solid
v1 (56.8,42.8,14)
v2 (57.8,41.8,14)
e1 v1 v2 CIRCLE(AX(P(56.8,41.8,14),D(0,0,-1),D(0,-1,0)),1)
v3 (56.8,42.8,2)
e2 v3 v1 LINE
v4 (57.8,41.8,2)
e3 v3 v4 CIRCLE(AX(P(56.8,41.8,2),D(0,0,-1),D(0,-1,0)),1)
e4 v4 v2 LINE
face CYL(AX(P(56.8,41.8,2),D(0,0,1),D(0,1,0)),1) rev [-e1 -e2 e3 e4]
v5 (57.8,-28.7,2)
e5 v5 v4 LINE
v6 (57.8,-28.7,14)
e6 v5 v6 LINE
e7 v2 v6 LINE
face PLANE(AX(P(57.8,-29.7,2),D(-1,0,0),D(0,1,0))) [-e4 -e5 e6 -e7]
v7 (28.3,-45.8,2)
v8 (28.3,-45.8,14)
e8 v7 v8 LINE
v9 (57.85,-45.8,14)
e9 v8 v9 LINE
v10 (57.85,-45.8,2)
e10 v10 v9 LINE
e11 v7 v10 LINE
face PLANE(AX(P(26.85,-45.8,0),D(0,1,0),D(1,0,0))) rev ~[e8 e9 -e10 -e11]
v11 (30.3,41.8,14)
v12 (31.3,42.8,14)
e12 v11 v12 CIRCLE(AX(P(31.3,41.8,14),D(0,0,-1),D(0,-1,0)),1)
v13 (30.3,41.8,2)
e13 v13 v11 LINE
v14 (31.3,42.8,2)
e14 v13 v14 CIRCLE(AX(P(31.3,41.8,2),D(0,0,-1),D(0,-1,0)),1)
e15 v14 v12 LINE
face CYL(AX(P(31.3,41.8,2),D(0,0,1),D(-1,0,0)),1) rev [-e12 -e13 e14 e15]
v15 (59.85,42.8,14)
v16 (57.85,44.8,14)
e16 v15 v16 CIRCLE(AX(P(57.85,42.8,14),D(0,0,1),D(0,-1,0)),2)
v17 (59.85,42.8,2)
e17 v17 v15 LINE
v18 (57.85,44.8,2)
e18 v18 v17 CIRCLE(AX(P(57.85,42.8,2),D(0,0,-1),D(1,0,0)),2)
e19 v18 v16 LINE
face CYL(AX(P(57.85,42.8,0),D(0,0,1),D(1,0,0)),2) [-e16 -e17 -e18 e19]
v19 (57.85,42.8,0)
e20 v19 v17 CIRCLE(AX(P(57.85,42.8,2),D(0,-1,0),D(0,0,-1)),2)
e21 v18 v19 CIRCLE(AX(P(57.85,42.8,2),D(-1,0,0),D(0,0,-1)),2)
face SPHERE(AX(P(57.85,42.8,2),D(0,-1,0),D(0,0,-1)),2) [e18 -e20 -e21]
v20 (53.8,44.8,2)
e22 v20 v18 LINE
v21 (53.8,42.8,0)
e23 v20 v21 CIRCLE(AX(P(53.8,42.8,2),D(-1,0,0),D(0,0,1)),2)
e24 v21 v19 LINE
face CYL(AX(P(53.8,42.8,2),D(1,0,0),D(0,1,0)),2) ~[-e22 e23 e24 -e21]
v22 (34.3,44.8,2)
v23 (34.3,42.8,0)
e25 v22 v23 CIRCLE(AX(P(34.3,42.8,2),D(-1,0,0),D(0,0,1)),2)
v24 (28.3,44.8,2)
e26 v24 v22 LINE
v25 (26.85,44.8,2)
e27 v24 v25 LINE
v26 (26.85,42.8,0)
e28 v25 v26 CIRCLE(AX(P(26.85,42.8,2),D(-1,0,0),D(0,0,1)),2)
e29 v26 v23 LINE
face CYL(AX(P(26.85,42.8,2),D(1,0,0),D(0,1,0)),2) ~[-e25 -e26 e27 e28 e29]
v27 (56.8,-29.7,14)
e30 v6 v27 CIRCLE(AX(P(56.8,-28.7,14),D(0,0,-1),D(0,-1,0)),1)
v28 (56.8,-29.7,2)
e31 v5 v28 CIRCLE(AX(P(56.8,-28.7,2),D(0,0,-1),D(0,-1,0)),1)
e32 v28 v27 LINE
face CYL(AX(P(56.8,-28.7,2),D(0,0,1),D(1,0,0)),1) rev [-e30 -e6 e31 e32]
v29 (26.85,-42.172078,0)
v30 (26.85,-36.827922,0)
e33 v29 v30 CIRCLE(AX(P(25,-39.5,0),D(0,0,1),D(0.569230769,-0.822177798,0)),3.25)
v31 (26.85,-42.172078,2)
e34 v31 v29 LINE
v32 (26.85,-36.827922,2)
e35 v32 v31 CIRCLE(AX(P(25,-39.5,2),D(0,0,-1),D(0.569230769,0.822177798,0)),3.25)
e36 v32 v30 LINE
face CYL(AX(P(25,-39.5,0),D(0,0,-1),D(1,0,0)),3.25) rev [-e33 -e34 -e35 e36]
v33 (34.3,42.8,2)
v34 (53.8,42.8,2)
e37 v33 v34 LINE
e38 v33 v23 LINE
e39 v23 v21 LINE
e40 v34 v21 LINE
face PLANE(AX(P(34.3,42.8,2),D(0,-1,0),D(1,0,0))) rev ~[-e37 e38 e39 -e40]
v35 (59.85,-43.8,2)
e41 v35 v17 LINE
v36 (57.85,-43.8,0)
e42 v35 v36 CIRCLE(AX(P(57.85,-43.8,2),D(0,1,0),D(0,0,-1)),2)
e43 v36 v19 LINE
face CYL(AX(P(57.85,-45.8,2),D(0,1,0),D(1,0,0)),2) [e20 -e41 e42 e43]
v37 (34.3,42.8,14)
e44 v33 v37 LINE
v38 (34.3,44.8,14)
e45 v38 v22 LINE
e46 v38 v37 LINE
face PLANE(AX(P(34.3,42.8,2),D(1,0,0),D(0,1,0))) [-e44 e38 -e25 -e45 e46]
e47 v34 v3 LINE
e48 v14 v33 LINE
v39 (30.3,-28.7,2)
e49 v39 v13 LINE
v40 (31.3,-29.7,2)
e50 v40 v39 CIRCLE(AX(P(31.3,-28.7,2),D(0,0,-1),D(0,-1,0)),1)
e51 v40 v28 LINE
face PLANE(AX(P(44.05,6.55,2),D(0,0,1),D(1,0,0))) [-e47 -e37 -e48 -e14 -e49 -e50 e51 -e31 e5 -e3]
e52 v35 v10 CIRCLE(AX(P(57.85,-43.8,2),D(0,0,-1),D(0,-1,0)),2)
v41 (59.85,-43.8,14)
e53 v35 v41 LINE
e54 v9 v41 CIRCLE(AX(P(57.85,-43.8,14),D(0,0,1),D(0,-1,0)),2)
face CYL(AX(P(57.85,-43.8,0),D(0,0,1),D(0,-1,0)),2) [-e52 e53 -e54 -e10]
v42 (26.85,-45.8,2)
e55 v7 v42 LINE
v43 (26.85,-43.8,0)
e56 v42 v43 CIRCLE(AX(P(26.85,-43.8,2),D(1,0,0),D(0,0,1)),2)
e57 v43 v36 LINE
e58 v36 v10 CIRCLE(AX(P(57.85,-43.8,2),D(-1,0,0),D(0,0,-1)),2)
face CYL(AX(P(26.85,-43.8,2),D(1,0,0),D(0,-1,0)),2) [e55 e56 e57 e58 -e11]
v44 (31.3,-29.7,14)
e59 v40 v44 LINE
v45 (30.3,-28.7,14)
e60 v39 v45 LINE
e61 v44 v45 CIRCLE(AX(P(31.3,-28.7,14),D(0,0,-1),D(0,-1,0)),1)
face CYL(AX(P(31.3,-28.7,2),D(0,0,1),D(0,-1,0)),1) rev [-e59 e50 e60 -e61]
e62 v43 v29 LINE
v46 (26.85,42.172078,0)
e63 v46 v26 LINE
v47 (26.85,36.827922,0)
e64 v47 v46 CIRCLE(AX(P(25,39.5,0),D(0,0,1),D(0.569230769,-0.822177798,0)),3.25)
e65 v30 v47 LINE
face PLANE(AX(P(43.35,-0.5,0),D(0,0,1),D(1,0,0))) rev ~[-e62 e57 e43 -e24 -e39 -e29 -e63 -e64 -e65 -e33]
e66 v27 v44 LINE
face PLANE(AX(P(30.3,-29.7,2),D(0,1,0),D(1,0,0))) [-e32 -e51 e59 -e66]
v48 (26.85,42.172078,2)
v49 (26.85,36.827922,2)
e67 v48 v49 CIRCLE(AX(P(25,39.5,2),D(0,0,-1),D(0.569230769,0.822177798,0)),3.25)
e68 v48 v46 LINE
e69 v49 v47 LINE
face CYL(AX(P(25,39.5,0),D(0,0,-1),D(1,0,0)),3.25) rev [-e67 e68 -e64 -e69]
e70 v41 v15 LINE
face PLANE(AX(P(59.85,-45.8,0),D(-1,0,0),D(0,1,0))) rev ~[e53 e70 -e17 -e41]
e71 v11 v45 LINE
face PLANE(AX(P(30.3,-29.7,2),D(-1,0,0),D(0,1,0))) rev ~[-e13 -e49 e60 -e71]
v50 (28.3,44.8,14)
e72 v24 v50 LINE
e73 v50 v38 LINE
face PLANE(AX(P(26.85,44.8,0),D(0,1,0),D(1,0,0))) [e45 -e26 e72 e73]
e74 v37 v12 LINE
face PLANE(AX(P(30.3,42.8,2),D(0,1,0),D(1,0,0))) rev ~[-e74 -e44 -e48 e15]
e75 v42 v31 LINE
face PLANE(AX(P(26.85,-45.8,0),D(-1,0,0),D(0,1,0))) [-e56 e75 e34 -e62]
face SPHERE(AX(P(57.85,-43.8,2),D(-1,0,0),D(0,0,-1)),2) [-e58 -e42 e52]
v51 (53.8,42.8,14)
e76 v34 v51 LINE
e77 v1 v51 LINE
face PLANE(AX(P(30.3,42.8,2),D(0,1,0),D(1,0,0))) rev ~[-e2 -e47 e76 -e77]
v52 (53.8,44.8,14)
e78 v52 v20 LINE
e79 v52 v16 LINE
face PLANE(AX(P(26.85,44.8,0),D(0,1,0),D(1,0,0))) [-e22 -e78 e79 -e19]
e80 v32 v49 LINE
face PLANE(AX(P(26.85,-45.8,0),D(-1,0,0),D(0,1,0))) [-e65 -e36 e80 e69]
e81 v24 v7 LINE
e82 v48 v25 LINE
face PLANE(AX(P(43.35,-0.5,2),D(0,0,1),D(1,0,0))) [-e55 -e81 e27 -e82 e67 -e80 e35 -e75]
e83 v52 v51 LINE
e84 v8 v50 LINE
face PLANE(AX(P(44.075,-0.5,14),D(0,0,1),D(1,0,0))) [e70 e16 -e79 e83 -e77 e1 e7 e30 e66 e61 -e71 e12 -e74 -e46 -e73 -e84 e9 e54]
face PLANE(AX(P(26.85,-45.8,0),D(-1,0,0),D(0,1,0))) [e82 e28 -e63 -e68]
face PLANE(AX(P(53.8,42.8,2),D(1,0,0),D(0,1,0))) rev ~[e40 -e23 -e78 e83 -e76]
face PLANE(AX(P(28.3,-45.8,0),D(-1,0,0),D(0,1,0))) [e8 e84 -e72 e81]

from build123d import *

# Parameters (mm, degrees)
SKETCH_W             = 33
SKETCH_H             = 90.6
PAD_DEPTH            = 2
SKETCH001_W          = 31.55
SKETCH001_H          = 90.6
PAD001_DEPTH         = 14
SKETCH002_W          = 27.5
SKETCH002_H          = 72.5
POCKET_DEPTH         = 12.001
SKETCH003_W          = 19.5
SKETCH003_H          = 7.2
POCKET001_DEPTH      = 2.001
POCKET001_DEPTH_BACK = -12.001
SKETCH004_R          = 3.25
POCKET002_DEPTH      = 2
FILLET_R             = 2
FILLET001_R          = 1


with BuildPart() as part:
    # Sketch → Pad (new body)
    with BuildSketch(Plane.XY):
        with Locations((43.35, -0.5)):
            Rectangle(SKETCH_W, SKETCH_H)
    extrude(amount=PAD_DEPTH)

    # Sketch001 → Pad001 (join)
    with BuildSketch(Plane.XY):
        with Locations((44.075, -0.5)):
            Rectangle(SKETCH001_W, SKETCH001_H)
    extrude(amount=PAD001_DEPTH)

    # Sketch002 (on DatumPlane) → Pocket (cut, through all)
    with BuildSketch(Plane.XY.offset(2)):
        with Locations((44.05, 6.55)):
            Rectangle(SKETCH002_W, SKETCH002_H)
    extrude(amount=POCKET_DEPTH, mode=Mode.SUBTRACT)

    # Sketch003 (on DatumPlane) → Pocket001 (cut, two sides)
    with BuildSketch(Plane.XY.offset(2)) as pocket001_sk:
        with Locations((44.05, 46.4)):
            Rectangle(SKETCH003_W, SKETCH003_H)
    extrude(amount=-POCKET001_DEPTH, mode=Mode.SUBTRACT)
    extrude(pocket001_sk.sketch, amount=-POCKET001_DEPTH_BACK, mode=Mode.SUBTRACT)

    # Sketch004 → Pocket002 (cut)
    with BuildSketch(Plane.XY):
        with Locations((25, 39.5)):
            Circle(SKETCH004_R)
        with Locations((25, -39.5)):
            Circle(SKETCH004_R)
    extrude(amount=POCKET002_DEPTH, mode=Mode.SUBTRACT)

    # Fillet
    fillet_edges = [part.edges().sort_by_distance(p)[0] for p in [
        (43.35, -45.8, 0),
        (59.85, -0.5, 0),
        (56.825, 44.8, 0),
        (30.575, 44.8, 0),
        (59.85, -45.8, 7),
        (59.85, 44.8, 7),
    ]]
    fillet(fillet_edges, radius=FILLET_R)

    # Fillet001
    fillet001_edges = [part.edges().sort_by_distance(p)[0] for p in [
        (30.3, -29.7, 8),
        (57.8, -29.7, 8),
        (57.8, 42.8, 8),
        (30.3, 42.8, 8),
    ]]
    fillet(fillet001_edges, radius=FILLET001_R)


solid = part.part
